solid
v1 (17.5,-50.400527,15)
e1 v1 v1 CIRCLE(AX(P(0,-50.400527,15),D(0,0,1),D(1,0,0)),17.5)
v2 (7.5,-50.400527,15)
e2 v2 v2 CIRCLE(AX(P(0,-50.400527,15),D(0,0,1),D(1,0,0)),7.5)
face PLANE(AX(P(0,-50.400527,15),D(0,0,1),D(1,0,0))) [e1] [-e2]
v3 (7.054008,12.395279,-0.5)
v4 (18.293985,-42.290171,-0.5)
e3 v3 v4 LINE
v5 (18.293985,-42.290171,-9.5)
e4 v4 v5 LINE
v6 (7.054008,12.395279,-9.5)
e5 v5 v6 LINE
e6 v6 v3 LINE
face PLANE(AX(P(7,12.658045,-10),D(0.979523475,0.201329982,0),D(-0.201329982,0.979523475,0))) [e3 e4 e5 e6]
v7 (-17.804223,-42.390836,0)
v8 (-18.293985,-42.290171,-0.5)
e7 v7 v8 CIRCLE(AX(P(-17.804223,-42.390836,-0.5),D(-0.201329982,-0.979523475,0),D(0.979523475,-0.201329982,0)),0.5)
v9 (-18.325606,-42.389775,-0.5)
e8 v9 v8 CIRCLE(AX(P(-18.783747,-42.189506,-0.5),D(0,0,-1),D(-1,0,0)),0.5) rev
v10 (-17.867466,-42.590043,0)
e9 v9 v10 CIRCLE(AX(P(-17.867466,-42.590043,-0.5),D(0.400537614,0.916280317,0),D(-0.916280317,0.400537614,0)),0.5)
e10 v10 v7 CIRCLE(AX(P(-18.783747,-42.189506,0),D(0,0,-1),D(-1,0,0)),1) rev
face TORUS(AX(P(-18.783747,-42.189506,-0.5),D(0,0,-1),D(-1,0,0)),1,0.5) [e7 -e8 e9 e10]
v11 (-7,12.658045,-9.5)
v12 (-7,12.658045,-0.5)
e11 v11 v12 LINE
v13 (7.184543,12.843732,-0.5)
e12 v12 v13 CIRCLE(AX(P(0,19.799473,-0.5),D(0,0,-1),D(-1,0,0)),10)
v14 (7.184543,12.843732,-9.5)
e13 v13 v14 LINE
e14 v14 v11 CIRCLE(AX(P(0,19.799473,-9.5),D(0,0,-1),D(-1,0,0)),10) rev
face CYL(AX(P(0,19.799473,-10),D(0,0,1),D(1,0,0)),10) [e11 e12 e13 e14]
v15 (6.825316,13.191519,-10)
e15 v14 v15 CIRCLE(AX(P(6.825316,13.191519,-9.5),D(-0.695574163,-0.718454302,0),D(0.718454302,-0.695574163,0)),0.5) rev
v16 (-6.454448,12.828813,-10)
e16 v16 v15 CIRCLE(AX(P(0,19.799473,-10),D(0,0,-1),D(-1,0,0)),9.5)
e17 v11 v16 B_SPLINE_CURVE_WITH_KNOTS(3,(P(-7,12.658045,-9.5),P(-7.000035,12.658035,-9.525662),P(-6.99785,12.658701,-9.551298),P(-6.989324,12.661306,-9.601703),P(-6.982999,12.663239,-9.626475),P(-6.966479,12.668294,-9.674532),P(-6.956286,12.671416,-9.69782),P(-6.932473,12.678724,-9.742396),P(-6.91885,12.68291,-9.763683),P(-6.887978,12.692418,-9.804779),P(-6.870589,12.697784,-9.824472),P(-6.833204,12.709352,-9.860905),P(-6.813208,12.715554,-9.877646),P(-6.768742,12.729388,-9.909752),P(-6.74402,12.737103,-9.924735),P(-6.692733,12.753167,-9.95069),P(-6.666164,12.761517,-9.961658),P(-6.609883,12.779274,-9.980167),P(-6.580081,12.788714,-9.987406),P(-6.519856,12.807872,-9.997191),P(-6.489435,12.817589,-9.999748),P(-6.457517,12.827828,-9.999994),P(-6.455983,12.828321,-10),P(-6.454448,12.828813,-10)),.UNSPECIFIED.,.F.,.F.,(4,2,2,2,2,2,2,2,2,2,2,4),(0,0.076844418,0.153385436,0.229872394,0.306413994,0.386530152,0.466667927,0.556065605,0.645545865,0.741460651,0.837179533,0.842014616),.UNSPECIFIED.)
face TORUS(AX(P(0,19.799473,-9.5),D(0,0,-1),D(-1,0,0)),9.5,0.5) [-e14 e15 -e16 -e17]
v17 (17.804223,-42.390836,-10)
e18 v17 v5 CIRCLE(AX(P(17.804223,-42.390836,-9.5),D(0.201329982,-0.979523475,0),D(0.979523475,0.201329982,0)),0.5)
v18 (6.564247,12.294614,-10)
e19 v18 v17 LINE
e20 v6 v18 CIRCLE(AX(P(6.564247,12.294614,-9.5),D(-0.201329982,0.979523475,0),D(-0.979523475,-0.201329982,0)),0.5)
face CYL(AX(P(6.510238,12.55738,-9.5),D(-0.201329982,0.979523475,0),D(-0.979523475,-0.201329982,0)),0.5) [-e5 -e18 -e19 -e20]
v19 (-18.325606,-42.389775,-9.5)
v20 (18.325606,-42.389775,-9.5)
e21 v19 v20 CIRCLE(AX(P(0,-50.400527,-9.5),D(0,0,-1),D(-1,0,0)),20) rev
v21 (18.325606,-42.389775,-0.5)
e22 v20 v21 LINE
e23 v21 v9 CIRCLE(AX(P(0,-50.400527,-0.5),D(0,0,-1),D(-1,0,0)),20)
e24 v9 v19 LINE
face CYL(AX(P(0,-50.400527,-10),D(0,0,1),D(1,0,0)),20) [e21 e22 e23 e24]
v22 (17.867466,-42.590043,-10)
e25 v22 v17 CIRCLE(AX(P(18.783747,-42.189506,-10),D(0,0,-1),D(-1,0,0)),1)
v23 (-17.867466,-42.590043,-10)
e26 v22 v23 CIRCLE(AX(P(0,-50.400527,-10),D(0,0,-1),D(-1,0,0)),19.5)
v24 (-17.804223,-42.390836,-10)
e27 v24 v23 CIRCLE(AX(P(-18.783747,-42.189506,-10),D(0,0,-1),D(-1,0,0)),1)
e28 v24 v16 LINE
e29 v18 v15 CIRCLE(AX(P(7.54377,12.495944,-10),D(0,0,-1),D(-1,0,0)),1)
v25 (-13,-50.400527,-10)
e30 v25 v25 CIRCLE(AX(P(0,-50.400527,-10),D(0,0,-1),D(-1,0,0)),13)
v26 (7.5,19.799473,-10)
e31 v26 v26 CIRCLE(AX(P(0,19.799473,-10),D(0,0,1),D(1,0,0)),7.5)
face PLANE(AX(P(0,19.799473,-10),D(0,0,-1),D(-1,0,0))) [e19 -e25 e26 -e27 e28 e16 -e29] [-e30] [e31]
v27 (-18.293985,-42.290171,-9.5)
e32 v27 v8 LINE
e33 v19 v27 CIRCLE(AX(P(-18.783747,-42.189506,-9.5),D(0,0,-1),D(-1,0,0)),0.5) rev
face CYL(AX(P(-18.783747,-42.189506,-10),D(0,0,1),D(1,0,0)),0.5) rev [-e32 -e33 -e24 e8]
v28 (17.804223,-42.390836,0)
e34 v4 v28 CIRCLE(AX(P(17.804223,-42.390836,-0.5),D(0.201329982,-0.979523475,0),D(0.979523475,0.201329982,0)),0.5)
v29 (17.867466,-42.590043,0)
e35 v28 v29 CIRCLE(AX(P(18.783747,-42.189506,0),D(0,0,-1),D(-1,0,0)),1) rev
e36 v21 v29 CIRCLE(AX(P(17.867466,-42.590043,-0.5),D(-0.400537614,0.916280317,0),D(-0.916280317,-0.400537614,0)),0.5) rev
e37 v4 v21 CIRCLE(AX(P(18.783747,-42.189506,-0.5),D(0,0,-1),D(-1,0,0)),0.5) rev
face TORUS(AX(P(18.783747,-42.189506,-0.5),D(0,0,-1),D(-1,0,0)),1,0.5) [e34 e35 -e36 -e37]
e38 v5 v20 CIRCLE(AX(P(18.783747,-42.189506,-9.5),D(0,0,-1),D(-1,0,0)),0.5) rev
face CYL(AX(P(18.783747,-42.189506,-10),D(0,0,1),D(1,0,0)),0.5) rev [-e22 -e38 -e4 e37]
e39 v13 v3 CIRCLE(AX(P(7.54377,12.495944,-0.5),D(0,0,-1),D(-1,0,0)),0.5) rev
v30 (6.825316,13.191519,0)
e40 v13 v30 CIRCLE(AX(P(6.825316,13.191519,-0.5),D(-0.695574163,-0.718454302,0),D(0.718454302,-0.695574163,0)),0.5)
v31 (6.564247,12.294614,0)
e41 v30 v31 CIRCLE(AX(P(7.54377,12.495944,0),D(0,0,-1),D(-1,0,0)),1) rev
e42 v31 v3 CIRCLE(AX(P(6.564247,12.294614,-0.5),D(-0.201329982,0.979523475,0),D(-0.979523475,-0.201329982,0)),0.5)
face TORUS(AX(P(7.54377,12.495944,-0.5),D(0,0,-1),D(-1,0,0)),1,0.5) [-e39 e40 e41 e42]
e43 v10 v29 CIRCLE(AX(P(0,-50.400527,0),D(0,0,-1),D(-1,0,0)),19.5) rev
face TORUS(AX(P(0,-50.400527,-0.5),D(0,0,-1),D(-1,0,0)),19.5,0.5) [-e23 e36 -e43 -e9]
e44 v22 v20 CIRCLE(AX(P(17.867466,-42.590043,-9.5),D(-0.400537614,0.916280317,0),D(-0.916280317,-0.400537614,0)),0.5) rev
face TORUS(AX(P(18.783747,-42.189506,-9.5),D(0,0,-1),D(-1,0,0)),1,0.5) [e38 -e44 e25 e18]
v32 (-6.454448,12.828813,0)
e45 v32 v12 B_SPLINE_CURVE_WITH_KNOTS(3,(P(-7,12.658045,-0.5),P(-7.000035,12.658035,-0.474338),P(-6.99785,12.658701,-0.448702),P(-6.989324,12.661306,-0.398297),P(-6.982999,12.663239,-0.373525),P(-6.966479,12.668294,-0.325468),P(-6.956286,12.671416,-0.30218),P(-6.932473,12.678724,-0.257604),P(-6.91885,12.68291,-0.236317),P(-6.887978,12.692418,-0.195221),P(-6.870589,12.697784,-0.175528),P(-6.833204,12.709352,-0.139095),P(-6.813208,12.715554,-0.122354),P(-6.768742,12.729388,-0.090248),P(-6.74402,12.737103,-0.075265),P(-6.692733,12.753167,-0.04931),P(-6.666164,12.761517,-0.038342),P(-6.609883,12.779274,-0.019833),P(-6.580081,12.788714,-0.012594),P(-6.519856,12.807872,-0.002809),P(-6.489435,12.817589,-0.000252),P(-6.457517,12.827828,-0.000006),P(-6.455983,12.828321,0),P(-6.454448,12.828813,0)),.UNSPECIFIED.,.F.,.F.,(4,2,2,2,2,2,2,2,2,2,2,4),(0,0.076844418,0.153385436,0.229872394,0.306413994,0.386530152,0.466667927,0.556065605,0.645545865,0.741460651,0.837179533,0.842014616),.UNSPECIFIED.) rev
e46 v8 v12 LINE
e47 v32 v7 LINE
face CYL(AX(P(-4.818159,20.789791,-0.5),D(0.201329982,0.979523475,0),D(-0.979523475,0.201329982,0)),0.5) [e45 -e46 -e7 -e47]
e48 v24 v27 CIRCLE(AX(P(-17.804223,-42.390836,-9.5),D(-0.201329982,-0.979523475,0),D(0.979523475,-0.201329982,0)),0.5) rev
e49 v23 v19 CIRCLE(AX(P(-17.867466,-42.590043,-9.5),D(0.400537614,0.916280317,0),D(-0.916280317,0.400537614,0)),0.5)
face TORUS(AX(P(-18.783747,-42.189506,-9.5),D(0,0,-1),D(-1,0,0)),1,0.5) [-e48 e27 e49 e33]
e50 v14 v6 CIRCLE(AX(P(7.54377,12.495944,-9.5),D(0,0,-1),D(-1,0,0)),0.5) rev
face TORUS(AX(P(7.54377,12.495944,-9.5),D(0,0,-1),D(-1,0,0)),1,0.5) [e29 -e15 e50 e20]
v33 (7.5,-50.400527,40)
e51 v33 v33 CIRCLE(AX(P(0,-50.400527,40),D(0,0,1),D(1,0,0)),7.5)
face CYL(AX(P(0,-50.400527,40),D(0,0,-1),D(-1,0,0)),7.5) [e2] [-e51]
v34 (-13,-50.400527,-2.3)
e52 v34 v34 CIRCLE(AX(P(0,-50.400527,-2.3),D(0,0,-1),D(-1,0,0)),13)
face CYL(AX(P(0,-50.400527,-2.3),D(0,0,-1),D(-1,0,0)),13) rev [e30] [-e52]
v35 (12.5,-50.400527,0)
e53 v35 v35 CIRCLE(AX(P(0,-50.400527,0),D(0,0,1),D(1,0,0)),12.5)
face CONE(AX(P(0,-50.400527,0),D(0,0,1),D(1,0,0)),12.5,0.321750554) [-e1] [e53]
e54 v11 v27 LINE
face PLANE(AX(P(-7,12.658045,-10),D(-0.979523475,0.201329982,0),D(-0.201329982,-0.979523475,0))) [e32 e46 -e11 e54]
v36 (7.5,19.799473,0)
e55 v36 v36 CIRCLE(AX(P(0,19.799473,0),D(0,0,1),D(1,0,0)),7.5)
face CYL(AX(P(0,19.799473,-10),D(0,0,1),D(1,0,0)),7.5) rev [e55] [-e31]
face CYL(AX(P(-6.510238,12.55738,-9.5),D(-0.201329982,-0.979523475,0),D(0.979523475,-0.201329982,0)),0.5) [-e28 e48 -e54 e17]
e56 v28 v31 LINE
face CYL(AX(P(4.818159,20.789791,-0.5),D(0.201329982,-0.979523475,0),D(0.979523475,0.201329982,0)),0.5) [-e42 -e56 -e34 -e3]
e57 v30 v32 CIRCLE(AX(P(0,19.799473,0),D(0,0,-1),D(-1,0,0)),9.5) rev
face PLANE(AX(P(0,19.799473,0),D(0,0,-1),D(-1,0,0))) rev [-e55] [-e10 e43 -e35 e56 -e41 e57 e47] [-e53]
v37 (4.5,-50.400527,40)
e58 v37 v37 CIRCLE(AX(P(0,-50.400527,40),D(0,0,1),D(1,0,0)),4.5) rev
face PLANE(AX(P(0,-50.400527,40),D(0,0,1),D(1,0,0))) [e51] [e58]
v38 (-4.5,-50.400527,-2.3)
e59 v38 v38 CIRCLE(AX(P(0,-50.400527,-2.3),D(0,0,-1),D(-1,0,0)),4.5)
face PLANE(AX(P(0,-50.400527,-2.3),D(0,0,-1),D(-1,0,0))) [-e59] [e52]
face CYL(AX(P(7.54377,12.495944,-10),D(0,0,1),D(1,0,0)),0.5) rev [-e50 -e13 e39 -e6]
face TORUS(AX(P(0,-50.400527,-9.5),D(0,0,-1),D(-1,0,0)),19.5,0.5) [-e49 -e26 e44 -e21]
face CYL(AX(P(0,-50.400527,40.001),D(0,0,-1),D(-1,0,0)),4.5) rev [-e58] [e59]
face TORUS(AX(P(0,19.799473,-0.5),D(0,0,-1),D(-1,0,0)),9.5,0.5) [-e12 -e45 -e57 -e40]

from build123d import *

# Parameters (mm, degrees)
BOSS_EXTRUDE2_DEPTH = 10
SKETCH11_R          = 7.5
CUT_EXTRUDE1_DEPTH  = 11
SKETCH12_R          = 12.5
SKETCH13_R          = 17.5
SKETCH16_R          = 7.5
BOSS_EXTRUDE3_DEPTH = 25
SKETCH17_R          = 13
CUT_EXTRUDE2_DEPTH  = 7.7
FILLET2_R           = 0.5
CUT_EXTRUDE3_REACH  = 44.3
SKETCH18_R          = 4.5


with BuildPart() as part:
    # Sketch10 → Boss-Extrude2 (new body)
    with BuildSketch(Plane.XY):
        with BuildLine():
            Line((-7, 12.658044745), (-18.304628492, -42.341955255))
            ThreePointArc((-18.304628492, -42.341955255), (0, -70.400526826), (18.304628492, -42.341955255))
            Line((18.304628492, -42.341955255), (7, 12.658044745))
            ThreePointArc((7, 12.658044745), (0, 29.799473174), (-7, 12.658044745))
        make_face()
    extrude(amount=-BOSS_EXTRUDE2_DEPTH)

    # Sketch11 → Cut-Extrude1 (cut, through all)
    with BuildSketch(Plane.XY):
        with Locations((0, 19.799473174)):
            Circle(SKETCH11_R)
    extrude(amount=-CUT_EXTRUDE1_DEPTH, mode=Mode.SUBTRACT)

    # Sketch12 → Loft1 section 0
    with BuildSketch(Plane.XY):
        with Locations((0, -50.400526826)):
            Circle(SKETCH12_R)
    # Sketch13 → Loft1 section 1
    with BuildSketch(Plane.XY.offset(15)):
        with Locations((0, -50.400526826)):
            Circle(SKETCH13_R)
    loft()

    # Sketch16 → Boss-Extrude3 (add)
    with BuildSketch(Plane.XY.offset(15)):
        with Locations((0, -50.400526826)):
            Circle(SKETCH16_R)
    extrude(amount=BOSS_EXTRUDE3_DEPTH)

    # Sketch17 → Cut-Extrude2 (cut)
    with BuildSketch(Plane(origin=(0, 0, -10), x_dir=(-1, 0, 0), z_dir=(0, 0, -1))):
        with Locations((0, -50.400526826)):
            Circle(SKETCH17_R)
    extrude(amount=-CUT_EXTRUDE2_DEPTH, mode=Mode.SUBTRACT)

    # Fillet2
    fillet2_edges = [part.edges().sort_by_distance(p)[0] for p in [
        (0, -70.400526826, -10),
        (12.652314246, -14.841955255, -10),
        (0, 29.799473174, -10),
        (12.652314246, -14.841955255, 0),
        (0, -70.400526826, 0),
        (-12.652314246, -14.841955255, 0),
        (0, 29.799473174, 0),
        (-12.652314246, -14.841955255, -10),
        (7, 12.658044745, -5),
        (18.304628492, -42.341955255, -5),
        (-18.304628492, -42.341955255, -5),
    ]]
    fillet(fillet2_edges, radius=FILLET2_R)

    # Sketch18 → Cut-Extrude3 (cut, up to next)
    with BuildSketch(Plane(origin=(0, 0, -2.3), x_dir=(-1, 0, 0), z_dir=(0, 0, -1)), mode=Mode.PRIVATE) as cut_extrude3_sk1:
        with Locations((0, -50.400526826)):
            Circle(SKETCH18_R)
    cut_extrude3_tool1 = extrude(cut_extrude3_sk1.sketch, amount=-CUT_EXTRUDE3_REACH, mode=Mode.PRIVATE) & part.part
    add(cut_extrude3_tool1.solids().sort_by_distance((0, -50.400527, -2.3))[0], mode=Mode.SUBTRACT)


solid = part.part
